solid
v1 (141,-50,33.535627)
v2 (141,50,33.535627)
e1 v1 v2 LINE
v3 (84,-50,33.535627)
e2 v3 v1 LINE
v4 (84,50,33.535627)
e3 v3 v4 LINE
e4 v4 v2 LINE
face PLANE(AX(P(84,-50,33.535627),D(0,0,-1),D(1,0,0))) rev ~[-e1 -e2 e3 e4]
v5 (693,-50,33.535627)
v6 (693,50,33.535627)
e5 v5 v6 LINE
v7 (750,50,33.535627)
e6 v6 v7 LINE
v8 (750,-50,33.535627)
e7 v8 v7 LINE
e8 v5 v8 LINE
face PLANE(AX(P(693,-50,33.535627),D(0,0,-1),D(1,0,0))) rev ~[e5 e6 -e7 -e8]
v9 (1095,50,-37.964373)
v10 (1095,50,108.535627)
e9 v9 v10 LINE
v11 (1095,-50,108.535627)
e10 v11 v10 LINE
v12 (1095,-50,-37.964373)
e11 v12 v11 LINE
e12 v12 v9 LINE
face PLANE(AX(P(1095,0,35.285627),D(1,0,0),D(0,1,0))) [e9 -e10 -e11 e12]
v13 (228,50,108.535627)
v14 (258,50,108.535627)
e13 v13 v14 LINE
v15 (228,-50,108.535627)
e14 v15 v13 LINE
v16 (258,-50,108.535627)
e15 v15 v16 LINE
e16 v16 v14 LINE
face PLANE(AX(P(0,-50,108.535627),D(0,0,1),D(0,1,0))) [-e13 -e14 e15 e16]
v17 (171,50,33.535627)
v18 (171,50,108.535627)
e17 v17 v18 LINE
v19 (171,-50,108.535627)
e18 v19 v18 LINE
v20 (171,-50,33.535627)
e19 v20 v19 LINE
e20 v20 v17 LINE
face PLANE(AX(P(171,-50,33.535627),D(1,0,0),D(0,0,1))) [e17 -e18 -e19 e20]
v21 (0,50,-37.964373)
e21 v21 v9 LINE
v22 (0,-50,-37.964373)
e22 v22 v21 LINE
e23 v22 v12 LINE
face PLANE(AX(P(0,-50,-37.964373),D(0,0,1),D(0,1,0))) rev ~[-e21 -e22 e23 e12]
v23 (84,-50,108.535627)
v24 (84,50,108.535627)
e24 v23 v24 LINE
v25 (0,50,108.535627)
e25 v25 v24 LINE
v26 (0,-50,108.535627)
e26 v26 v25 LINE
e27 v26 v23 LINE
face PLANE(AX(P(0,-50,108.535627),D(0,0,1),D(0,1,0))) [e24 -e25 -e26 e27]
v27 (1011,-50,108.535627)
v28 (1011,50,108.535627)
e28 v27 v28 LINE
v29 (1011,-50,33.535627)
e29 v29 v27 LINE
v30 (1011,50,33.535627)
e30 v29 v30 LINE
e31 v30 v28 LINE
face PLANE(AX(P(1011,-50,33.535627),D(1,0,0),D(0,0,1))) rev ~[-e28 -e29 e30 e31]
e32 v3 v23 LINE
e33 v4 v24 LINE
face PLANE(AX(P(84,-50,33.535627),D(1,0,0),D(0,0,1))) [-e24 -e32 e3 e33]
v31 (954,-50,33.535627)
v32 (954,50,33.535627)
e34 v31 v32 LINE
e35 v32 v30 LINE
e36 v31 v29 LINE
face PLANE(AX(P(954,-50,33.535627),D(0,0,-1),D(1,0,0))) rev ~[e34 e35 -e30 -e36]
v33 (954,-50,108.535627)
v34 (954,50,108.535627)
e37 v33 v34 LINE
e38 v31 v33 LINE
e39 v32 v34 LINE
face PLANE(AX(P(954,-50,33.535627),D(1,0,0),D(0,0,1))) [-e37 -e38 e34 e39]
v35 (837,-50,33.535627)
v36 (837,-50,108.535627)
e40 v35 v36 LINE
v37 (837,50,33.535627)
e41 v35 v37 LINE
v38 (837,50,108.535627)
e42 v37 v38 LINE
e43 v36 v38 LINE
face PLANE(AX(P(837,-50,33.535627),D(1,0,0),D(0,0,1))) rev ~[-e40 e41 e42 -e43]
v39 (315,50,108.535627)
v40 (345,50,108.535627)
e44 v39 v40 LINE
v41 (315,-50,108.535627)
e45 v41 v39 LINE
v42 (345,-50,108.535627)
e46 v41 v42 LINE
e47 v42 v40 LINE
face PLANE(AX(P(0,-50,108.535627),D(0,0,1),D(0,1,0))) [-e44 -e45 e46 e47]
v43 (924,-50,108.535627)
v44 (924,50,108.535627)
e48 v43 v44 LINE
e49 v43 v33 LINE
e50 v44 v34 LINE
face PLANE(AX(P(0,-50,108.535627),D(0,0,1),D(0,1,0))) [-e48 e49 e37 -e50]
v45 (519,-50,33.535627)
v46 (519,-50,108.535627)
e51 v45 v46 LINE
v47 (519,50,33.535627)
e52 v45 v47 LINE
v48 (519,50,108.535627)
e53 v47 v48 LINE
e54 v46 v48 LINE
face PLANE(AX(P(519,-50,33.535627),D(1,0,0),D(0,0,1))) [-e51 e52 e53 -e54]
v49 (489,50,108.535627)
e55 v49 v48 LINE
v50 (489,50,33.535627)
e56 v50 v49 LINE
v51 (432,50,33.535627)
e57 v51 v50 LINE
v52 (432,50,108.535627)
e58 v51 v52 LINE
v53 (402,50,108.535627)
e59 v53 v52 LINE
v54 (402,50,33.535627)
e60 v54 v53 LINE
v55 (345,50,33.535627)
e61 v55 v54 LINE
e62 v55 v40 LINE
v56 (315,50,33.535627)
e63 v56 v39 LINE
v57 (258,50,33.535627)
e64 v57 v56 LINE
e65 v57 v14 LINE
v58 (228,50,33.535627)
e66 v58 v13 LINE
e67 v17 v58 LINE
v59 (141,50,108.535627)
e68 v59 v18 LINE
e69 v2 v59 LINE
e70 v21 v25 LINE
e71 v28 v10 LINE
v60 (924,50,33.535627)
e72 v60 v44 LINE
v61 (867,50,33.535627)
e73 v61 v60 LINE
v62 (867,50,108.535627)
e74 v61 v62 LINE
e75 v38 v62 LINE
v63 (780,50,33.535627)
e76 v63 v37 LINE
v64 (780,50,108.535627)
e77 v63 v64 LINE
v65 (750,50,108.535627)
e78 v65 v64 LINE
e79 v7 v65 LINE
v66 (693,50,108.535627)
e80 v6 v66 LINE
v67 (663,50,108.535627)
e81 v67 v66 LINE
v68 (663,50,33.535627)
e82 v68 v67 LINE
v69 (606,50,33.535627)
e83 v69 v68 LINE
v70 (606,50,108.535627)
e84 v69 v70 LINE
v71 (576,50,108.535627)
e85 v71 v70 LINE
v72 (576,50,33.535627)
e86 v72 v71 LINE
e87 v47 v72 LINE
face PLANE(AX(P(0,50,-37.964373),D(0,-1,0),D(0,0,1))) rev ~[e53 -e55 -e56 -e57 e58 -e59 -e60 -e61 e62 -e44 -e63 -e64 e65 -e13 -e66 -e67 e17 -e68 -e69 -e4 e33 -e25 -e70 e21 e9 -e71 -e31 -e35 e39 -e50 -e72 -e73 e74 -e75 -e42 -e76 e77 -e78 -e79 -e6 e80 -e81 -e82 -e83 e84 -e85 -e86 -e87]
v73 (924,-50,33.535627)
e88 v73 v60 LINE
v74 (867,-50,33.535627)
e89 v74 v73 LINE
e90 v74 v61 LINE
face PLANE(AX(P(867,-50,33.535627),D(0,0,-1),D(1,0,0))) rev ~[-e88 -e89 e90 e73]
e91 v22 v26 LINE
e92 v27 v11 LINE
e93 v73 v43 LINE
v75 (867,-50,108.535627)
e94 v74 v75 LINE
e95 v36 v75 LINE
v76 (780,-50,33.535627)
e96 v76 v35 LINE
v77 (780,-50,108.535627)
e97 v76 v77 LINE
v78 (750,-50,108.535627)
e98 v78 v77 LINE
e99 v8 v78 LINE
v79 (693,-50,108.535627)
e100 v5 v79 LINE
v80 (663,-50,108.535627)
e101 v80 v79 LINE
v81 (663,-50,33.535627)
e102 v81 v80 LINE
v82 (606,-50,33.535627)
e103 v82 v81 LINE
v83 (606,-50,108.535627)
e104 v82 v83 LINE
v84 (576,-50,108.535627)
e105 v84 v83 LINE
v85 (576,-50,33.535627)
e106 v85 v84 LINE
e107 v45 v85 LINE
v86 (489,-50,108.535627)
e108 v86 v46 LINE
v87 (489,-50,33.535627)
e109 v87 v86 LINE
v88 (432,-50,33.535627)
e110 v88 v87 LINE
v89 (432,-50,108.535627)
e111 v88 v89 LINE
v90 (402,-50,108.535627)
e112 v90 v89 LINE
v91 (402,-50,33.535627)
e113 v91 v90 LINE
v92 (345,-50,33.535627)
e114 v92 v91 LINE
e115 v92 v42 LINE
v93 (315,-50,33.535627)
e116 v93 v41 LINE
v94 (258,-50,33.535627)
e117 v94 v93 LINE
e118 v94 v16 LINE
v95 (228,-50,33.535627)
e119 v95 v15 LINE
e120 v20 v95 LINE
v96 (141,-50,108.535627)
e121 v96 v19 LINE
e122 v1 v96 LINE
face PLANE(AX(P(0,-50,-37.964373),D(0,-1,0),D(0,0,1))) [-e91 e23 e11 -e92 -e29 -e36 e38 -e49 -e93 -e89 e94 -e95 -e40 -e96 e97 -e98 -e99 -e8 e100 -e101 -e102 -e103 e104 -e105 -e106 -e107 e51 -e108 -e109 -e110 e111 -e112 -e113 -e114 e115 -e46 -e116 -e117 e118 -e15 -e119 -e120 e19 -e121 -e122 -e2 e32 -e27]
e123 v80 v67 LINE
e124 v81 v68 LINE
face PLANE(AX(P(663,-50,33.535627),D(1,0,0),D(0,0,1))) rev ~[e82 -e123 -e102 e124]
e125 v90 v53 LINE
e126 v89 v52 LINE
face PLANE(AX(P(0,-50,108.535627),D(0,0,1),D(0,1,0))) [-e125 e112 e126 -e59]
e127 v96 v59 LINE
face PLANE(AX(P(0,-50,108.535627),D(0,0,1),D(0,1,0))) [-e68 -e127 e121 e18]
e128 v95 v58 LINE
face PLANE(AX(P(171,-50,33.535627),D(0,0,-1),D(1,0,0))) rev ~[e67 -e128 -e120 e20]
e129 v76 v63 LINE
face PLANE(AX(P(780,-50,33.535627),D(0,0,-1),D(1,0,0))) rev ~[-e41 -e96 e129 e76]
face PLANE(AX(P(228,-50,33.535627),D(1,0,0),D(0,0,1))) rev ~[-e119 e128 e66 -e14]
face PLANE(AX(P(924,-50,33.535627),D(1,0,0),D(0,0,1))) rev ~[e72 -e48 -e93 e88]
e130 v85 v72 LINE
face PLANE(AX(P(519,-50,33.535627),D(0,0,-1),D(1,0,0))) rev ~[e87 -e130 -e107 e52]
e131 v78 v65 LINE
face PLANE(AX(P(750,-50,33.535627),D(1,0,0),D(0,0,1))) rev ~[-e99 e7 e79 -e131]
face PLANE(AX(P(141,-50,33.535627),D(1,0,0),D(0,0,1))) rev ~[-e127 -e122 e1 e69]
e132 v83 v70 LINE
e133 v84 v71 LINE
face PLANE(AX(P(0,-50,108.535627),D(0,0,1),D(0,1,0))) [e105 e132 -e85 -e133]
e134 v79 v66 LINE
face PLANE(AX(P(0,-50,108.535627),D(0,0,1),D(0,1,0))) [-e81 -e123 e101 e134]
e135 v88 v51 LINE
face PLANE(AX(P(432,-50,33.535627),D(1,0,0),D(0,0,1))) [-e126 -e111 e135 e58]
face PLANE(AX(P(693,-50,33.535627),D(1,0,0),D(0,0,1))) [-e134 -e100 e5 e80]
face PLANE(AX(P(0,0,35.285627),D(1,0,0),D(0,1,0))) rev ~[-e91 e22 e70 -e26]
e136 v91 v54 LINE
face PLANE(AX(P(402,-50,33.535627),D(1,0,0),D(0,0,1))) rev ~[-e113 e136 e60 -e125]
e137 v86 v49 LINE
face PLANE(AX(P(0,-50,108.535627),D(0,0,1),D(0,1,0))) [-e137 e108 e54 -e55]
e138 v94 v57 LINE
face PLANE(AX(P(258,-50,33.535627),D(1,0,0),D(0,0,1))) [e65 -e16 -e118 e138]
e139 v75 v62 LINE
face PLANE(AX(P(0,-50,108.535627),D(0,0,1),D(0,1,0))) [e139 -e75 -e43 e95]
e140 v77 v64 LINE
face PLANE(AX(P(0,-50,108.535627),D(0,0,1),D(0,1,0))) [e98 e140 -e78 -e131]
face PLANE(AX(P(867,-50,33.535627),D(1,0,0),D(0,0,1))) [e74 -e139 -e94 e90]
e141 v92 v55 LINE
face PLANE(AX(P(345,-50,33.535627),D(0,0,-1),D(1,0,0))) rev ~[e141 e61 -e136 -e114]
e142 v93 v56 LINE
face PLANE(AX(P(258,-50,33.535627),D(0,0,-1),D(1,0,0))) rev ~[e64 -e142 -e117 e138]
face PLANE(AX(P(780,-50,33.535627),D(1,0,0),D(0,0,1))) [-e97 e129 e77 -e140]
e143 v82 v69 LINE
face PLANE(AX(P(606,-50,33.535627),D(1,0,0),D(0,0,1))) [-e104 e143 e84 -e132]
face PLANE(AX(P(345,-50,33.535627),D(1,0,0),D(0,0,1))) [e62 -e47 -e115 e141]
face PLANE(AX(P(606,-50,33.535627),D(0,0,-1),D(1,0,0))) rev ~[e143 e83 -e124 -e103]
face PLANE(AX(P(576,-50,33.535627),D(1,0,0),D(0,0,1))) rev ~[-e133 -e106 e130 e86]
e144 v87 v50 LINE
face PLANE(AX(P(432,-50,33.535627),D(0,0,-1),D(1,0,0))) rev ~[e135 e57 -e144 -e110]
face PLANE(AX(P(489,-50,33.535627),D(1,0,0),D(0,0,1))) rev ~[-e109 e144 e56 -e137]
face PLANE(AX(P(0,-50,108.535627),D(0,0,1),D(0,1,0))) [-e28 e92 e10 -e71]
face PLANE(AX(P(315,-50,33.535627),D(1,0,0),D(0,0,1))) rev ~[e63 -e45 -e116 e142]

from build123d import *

# Parameters (mm, degrees)
F0_W     = 100
F0_H     = 146.5
F1_DEPTH = 1095
F2_W     = 57
F2_H     = 75
F3_DEPTH = 100


with BuildPart() as f1:
    # F0 (on Right) → F1 (new body)
    with BuildSketch(Plane.YZ):
        with Locations((0, 35.285627)):
            Rectangle(F0_W, F0_H)
    extrude(amount=F1_DEPTH)

    # F2 (on face) → F3 (cut, through all)
    with BuildSketch(Plane.XZ.offset(50)):
        with Locations((112.5, 71.035627)):
            Rectangle(F2_W, F2_H)
        with Locations((199.5, 71.035627)):
            Rectangle(F2_W, F2_H)
        with Locations((286.5, 71.035627)):
            Rectangle(F2_W, F2_H)
        with Locations((373.5, 71.035627)):
            Rectangle(F2_W, F2_H)
        with Locations((460.5, 71.035627)):
            Rectangle(F2_W, F2_H)
        with Locations((547.5, 71.035627)):
            Rectangle(F2_W, F2_H)
        with Locations((634.5, 71.035627)):
            Rectangle(F2_W, F2_H)
        with Locations((721.5, 71.035627)):
            Rectangle(F2_W, F2_H)
        with Locations((808.5, 71.035627)):
            Rectangle(F2_W, F2_H)
        with Locations((895.5, 71.035627)):
            Rectangle(F2_W, F2_H)
        with Locations((982.5, 71.035627)):
            Rectangle(F2_W, F2_H)
    extrude(amount=-F3_DEPTH, mode=Mode.SUBTRACT)


solid = f1.part
